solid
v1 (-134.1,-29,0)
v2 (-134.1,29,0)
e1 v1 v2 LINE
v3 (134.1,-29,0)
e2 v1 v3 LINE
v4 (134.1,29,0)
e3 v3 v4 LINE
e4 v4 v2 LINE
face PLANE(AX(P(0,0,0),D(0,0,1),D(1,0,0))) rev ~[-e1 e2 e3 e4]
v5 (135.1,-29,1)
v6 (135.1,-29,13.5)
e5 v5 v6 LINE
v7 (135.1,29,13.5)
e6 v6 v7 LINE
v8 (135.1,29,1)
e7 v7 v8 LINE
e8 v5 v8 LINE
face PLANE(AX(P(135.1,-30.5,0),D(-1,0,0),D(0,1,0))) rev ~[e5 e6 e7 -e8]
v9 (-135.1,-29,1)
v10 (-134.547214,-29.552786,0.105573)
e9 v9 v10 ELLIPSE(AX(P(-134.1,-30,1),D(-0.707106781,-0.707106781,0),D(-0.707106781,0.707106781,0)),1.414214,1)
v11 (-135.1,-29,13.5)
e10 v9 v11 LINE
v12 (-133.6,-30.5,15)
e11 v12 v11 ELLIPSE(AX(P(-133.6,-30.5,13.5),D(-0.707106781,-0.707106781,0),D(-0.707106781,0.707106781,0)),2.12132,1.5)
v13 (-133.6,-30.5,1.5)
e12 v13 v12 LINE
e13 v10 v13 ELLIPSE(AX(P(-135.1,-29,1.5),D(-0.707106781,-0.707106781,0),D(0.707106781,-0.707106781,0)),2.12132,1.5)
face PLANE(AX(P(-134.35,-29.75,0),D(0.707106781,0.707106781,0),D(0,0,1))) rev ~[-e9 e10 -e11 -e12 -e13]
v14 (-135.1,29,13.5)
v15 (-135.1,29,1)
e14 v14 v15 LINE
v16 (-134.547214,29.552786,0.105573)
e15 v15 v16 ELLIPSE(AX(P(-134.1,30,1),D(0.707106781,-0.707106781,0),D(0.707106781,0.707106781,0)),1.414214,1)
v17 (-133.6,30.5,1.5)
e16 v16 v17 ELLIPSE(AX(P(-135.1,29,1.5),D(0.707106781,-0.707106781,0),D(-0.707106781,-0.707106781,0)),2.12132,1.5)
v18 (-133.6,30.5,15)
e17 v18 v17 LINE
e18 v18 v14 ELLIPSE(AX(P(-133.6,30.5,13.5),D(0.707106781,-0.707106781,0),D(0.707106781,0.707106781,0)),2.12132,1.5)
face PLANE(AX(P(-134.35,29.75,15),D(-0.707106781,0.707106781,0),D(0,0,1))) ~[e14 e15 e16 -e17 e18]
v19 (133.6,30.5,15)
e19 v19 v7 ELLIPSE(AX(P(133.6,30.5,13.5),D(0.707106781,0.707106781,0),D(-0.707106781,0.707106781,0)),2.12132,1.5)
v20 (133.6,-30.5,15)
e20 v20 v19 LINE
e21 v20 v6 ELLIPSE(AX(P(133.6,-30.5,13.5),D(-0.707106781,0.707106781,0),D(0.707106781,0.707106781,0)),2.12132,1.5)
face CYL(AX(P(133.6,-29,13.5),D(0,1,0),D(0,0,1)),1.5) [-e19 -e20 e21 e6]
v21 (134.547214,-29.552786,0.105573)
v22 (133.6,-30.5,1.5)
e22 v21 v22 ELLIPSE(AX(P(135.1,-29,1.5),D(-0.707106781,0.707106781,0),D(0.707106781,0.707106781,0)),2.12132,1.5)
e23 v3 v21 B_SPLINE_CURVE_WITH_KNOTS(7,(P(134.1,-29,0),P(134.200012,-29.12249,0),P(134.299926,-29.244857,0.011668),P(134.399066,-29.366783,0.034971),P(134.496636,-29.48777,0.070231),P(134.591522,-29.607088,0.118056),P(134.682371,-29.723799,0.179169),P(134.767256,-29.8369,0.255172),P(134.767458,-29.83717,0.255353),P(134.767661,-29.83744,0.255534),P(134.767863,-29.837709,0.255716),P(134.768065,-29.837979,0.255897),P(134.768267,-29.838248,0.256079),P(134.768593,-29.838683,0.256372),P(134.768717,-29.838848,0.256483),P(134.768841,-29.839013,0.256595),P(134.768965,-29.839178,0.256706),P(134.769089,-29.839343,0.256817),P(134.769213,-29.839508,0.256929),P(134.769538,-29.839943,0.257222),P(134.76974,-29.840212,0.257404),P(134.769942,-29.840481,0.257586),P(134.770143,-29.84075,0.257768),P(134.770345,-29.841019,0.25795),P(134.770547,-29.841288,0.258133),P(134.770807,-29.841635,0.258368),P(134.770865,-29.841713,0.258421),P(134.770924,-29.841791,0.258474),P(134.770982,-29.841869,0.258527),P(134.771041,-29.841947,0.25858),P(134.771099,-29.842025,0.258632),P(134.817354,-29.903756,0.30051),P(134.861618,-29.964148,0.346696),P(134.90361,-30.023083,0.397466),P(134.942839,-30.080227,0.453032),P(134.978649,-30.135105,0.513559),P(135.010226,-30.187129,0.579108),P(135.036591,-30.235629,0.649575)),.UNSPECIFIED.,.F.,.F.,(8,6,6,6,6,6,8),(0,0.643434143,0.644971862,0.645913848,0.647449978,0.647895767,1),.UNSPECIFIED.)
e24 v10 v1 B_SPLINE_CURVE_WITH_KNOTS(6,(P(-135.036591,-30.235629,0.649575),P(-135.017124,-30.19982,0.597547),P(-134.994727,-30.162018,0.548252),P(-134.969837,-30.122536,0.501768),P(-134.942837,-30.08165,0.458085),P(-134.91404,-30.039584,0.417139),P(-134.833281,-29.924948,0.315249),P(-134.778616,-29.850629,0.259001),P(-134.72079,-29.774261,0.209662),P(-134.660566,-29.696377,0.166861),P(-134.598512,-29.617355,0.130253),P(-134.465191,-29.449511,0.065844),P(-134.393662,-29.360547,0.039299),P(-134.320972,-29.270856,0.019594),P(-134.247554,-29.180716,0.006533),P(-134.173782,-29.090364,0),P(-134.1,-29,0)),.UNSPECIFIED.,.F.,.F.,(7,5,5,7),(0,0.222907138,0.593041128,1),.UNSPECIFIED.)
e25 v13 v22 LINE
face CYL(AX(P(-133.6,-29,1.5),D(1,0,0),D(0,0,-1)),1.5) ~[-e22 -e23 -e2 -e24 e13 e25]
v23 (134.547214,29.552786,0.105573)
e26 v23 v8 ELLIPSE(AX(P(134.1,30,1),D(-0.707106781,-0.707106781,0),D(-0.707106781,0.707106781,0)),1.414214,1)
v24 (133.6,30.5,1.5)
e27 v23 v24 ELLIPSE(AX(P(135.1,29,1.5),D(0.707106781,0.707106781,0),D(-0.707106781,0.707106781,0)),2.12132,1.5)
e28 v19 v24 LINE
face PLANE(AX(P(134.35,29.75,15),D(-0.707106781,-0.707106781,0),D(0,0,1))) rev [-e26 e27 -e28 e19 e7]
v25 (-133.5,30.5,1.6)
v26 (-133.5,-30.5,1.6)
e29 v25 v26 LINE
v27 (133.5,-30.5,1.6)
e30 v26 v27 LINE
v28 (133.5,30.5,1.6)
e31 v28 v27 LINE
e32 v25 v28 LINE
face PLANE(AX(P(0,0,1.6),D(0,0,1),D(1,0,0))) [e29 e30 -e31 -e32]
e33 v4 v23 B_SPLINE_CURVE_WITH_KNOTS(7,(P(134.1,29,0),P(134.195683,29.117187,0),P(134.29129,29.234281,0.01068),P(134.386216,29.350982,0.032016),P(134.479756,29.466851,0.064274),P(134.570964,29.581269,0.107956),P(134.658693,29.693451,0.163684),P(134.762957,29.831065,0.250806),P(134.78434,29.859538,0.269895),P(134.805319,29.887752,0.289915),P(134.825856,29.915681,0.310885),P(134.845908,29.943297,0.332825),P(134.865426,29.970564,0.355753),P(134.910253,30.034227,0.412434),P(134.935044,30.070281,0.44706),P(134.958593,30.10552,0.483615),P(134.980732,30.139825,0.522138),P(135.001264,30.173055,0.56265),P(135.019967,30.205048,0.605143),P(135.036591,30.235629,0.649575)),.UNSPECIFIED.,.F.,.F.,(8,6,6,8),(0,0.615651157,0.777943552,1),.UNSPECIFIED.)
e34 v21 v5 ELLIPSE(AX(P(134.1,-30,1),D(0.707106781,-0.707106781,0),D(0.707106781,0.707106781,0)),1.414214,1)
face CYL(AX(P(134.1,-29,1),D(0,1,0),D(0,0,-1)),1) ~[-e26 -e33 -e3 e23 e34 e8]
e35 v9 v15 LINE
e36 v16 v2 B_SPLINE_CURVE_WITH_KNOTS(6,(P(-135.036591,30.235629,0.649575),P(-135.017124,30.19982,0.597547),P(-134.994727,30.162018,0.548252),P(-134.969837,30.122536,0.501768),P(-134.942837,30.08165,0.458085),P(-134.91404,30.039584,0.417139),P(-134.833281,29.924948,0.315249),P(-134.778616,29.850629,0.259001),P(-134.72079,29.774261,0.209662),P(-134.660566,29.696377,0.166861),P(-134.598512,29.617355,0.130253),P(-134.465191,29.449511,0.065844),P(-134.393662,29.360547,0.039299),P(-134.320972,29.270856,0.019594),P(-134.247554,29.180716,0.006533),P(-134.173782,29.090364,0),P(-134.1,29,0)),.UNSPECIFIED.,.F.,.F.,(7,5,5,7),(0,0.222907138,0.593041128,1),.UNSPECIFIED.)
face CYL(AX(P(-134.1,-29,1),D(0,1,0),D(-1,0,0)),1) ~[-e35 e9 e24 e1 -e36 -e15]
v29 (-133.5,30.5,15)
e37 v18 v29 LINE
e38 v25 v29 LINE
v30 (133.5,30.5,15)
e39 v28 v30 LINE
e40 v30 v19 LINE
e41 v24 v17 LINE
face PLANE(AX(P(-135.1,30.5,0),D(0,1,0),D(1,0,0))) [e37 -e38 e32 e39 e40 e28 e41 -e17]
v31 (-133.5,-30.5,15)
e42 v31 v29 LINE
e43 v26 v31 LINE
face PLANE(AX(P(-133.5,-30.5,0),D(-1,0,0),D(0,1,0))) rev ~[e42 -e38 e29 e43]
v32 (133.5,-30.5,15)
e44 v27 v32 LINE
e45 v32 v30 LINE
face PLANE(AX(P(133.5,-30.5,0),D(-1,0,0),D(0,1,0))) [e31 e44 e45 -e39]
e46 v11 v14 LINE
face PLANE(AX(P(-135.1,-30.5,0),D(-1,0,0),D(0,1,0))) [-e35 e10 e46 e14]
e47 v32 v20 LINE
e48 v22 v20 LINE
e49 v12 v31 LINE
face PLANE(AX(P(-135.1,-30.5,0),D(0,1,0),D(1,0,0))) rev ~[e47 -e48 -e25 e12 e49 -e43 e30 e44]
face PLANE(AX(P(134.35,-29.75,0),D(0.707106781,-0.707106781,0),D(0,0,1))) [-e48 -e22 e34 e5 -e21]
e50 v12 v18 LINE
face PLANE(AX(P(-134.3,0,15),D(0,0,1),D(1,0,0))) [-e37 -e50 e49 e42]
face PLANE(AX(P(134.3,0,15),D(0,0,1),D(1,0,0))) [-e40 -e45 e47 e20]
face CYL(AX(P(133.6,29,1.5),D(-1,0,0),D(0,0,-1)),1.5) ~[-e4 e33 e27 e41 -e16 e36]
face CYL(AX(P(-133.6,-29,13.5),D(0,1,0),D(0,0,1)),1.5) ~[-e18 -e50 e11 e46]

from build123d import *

# Parameters (mm, degrees)
SKETCH_W     = 270.2
SKETCH_H     = 61
PAD_DEPTH    = 1.6
SKETCH001_W  = 1.6
SKETCH001_H  = 61
PAD001_DEPTH = 15
CHAMFER_SIZE = 1.5
FILLET_R     = 1.5
FILLET001_R  = 1.5
FILLET002_R  = 1


with BuildPart() as part:
    # Sketch → Pad (new body)
    with BuildSketch(Plane.XY):
        Rectangle(SKETCH_W, SKETCH_H)
    extrude(amount=PAD_DEPTH)

    # Sketch001 → Pad001 (join)
    with BuildSketch(Plane.XY):
        with Locations((-134.3, 0)):
            Rectangle(SKETCH001_W, SKETCH001_H)
        with Locations((134.3, 0)):
            Rectangle(SKETCH001_W, SKETCH001_H)
    extrude(amount=PAD001_DEPTH)

    # Chamfer
    chamfer_edges = [part.edges().sort_by_distance(p)[0] for p in [
        (-135.1, 30.5, 7.5),
        (135.1, 30.5, 7.5),
        (135.1, -30.5, 7.5),
        (-135.1, -30.5, 7.5),
    ]]
    chamfer(chamfer_edges, length=CHAMFER_SIZE)

    # Fillet
    fillet_edges = [part.edges().sort_by_distance(p)[0] for p in [
        (0, -30.5, 0),
        (0, 30.5, 0),
    ]]
    fillet(fillet_edges, radius=FILLET_R)

    # Fillet001
    fillet001_edges = [part.edges().sort_by_distance(p)[0] for p in [
        (-135.1, 0, 15),
        (135.1, 0, 15),
    ]]
    fillet(fillet001_edges, radius=FILLET001_R)

    # Fillet002
    fillet002_edges = [part.edges().sort_by_distance(p)[0] for p in [
        (-135.1, 0, 0),
        (135.1, 0, 0),
    ]]
    fillet(fillet002_edges, radius=FILLET002_R)


solid = part.part
